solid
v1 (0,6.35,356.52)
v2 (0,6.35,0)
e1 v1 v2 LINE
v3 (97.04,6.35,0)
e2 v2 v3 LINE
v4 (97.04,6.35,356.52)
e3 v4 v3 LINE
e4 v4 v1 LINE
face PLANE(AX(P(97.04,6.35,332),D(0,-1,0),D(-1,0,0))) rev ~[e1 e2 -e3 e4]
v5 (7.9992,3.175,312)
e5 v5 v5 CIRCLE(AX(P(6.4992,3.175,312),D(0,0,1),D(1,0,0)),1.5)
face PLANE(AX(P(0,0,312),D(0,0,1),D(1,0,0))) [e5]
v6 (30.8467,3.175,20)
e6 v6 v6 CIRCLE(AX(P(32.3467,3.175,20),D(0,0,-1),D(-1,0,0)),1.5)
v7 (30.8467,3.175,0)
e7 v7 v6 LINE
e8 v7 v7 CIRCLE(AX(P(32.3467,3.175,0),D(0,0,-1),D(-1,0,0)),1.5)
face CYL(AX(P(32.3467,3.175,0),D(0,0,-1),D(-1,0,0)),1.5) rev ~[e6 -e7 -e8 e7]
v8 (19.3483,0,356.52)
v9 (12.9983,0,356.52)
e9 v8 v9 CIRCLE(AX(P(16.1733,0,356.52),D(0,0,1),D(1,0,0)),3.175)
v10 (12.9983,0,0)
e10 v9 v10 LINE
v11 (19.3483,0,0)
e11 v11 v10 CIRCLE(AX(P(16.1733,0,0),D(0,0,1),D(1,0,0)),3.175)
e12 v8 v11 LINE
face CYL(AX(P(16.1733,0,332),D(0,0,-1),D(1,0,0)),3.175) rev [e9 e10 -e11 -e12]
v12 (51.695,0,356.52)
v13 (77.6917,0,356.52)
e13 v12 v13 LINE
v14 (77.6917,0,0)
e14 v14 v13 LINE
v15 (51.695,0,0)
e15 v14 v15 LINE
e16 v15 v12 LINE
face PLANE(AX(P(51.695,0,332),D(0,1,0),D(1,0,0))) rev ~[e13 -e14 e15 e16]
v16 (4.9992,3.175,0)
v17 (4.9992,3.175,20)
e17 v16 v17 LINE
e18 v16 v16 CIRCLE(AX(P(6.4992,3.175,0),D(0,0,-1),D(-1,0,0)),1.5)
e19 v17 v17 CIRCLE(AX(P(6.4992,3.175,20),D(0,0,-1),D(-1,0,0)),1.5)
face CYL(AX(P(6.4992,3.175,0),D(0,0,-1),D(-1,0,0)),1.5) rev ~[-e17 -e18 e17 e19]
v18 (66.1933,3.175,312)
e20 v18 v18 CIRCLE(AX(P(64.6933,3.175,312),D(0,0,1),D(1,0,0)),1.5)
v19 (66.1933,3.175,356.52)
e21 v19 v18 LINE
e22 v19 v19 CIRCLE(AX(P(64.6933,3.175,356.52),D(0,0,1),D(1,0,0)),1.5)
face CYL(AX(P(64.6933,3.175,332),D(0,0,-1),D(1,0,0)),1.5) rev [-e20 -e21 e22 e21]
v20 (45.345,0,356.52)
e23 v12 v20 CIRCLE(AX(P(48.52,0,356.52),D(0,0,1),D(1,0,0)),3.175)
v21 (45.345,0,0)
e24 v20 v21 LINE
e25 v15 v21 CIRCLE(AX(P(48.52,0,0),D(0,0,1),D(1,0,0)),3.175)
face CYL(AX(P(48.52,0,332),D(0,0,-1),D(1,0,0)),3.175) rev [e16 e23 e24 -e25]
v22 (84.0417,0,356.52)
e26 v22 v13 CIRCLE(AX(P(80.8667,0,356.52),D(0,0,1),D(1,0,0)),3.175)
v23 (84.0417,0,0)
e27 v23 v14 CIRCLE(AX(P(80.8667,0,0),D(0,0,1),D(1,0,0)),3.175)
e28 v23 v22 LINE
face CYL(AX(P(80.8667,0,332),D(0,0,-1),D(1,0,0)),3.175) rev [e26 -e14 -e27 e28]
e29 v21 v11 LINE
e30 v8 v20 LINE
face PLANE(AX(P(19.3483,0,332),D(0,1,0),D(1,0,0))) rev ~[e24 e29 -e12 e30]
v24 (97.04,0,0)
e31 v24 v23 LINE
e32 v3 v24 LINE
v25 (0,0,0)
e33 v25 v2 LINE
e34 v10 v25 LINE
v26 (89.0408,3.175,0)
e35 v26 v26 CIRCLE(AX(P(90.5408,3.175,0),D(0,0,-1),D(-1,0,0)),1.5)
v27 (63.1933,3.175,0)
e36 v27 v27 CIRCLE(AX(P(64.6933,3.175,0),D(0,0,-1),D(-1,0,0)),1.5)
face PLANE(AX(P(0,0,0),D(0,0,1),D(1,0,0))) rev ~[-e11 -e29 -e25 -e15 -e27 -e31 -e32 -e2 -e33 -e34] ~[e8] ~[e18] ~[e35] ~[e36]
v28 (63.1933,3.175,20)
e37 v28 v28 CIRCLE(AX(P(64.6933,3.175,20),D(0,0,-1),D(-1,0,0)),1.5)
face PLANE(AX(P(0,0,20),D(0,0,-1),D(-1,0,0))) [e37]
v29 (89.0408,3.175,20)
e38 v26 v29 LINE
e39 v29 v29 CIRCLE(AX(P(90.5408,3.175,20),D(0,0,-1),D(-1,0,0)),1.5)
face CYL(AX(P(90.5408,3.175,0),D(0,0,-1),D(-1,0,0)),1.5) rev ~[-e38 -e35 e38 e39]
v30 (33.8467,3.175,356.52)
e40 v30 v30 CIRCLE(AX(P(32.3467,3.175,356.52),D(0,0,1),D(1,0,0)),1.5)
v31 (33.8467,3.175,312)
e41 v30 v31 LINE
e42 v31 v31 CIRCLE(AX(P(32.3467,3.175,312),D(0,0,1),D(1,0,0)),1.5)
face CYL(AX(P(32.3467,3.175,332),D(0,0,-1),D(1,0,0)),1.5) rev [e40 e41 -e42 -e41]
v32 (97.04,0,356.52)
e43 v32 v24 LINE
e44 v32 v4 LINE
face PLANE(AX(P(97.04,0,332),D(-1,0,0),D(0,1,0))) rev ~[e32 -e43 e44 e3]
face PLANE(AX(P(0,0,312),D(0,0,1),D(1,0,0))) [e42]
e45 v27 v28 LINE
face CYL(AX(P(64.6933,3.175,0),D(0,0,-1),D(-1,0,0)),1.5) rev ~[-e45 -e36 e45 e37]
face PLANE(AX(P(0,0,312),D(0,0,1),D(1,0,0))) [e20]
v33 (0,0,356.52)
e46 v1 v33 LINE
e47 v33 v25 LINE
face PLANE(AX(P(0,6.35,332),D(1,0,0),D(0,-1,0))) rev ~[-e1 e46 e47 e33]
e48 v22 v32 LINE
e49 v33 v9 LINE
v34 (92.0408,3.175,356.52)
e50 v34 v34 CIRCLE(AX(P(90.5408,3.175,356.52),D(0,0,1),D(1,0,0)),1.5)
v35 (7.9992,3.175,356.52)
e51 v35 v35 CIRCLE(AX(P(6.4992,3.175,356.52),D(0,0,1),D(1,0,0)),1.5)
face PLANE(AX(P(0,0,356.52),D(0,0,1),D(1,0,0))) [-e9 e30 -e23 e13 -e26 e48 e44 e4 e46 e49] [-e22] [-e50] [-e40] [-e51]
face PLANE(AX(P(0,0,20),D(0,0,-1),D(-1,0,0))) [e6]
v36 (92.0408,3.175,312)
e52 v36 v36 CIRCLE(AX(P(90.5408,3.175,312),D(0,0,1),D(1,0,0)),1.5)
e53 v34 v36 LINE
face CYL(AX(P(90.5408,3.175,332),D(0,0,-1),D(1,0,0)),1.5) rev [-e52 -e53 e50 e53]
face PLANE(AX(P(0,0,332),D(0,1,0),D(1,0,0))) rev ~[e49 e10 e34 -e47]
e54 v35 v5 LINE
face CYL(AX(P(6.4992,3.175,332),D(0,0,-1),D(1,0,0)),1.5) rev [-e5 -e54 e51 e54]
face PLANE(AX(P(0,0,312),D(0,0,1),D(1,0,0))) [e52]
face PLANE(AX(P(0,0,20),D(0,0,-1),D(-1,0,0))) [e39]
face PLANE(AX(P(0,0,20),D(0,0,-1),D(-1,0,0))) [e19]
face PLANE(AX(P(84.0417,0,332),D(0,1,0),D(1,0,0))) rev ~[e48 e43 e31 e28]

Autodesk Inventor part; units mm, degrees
ref_plane "YZ Plane" through (0, 0, 0) normal (1, 0, 0) x (0, 1, 0)
ref_plane "XZ Plane" through (0, 0, 0) normal (0, 1, 0) x (-1, 0, 0)
ref_plane "XY Plane" through (0, 0, 0) normal (0, 0, 1) x (1, 0, 0)
sketch "Sketch1" plane through (0, 0, 0) normal (0, 0, 1) x (1, 0, 0)
  line L0 (0, 0) -> (0, 6.35)
  line L1 (0, 6.35) -> (97.04, 6.35)
  line L2 (97.04, 6.35) -> (97.04, 0)
  line L3 (97.04, 0) -> (0, 0)
  dimension "d0" = 6.35
  dimension "d1" = 97.04
extrude "Extrusion1" add sketch "Sketch1" along normal blind 332
sketch "Sketch2" plane through (0, 0, 332) normal (0, 0, 1) x (1, 0, 0)
  line L0 (0, 0) -> (16.1733, 0) construction
  line L1 (16.1733, 0) -> (48.52, 0) construction
  line L2 (48.52, 0) -> (80.8667, 0) construction
  line L3 (0, 0) -> (97.04, 0) projected
  arc A0 (19.3483, 0) -> (12.9983, 0) centre (16.1733, 0) ccw
  arc A1 (51.695, 0) -> (45.345, 0) centre (48.52, 0) ccw
  arc A2 (84.0417, 0) -> (77.6917, 0) centre (80.8667, 0) ccw
  line L4 (12.9983, 0) -> (19.3483, 0)
  line L5 (45.345, 0) -> (51.695, 0)
  line L6 (77.6917, 0) -> (84.0417, 0)
  dimension "d4" = 16.1733
  dimension "d5" = 32.3467
  dimension "d6" = 32.3467
  dimension "d12" = 3.175
  dimension "d13" = 3.175
  dimension "d14" = 3.175
extrude "Extrusion3" cut sketch "Sketch2" against normal through all
sketch "Sketch3" plane through (0, 0, 332) normal (0, 0, 1) x (1, 0, 0)
  arc A0 (19.3483, 0) -> (12.9983, 0) centre (16.1733, 0) ccw projected
  line L0 (0, 0) -> (0, 6.35) construction
  line L1 (0, 0) -> (0, 3.175) construction
  arc A1 (19.3483, 0) -> (12.9983, 0) centre (16.1733, 0) ccw construction
  line L2 (16.1733, 3.175) -> (12.9983, 3.175)
  line L3 (0, 3.175) -> (6.4992, 3.175) construction
  line L4 (45.345, 0) -> (19.3483, 0) construction
  line L5 (19.3483, 0) -> (32.3467, 0) construction
  circle A2 centre (32.3467, 3.175) radius 1.5
  circle A3 centre (6.4992, 3.175) radius 1.5
  line L6 (51.695, 0) -> (64.6933, 0) construction
  line L7 (77.6917, 0) -> (51.695, 0) construction
  circle A4 centre (64.6933, 3.175) radius 1.5
  line L8 (84.0417, 0) -> (90.5408, 0) construction
  line L9 (97.04, 0) -> (84.0417, 0) construction
  circle A5 centre (90.5408, 3.175) radius 1.5
  dimension "d17" = 3
  dimension "d18" = 3
  dimension "d19" = 3
  dimension "d20" = 3
extrude "Extrusion4" cut sketch "Sketch3" against normal blind 20
sketch "Sketch4" plane through (0, 0, 0) normal (0, 0, -1) x (-1, 0, 0)
  circle A0 centre (-6.4992, 3.175) radius 1.5
  circle A1 centre (-32.3467, 3.175) radius 1.5
  circle A2 centre (-64.6933, 3.175) radius 1.5
  circle A3 centre (-90.5408, 3.175) radius 1.5
  dimension "d23" = 3
  dimension "d24" = 3
  dimension "d25" = 3
  dimension "d26" = 3
extrude "Extrusion5" cut sketch "Sketch4" against normal blind 20
sketch "Sketch5" plane through (0, 0, 332) normal (0, 0, 1) x (1, 0, 0)
  circle A0 centre (64.6933, 3.175) radius 1.5 projected
  circle A1 centre (32.3467, 3.175) radius 1.5 projected
  circle A2 centre (6.4992, 3.175) radius 1.5 projected
  circle A3 centre (90.5408, 3.175) radius 1.5 projected
  arc A4 (51.695, 0) -> (45.345, 0) centre (48.52, 0) ccw projected
  line L0 (51.695, 0) -> (77.6917, 0) projected
  arc A5 (84.0417, 0) -> (77.6917, 0) centre (80.8667, 0) ccw projected
  line L1 (84.0417, 0) -> (97.04, 0) projected
  line L2 (97.04, 0) -> (97.04, 6.35) projected
  line L3 (97.04, 6.35) -> (0, 6.35) projected
  line L4 (0, 6.35) -> (0, 0) projected
  line L5 (0, 0) -> (12.9983, 0) projected
  arc A6 (19.3483, 0) -> (12.9983, 0) centre (16.1733, 0) ccw projected
  line L6 (19.3483, 0) -> (45.345, 0) projected
extrude "Extrusion6" add sketch "Sketch5" along normal blind 30.87
sketch "Sketch6" plane through (0, 0, 362.87) normal (0, 0, 1) x (1, 0, 0)
  circle A0 centre (90.5408, 3.175) radius 1.5 projected
  circle A1 centre (6.4992, 3.175) radius 1.5 projected
  circle A2 centre (32.3467, 3.175) radius 1.5 projected
  circle A3 centre (64.6933, 3.175) radius 1.5 projected
  arc A4 (51.695, 0) -> (45.345, 0) centre (48.52, 0) ccw projected
  line L0 (51.695, 0) -> (77.6917, 0) projected
  arc A5 (84.0417, 0) -> (77.6917, 0) centre (80.8667, 0) ccw projected
  line L1 (84.0417, 0) -> (97.04, 0) projected
  line L2 (97.04, 0) -> (97.04, 6.35) projected
  line L3 (97.04, 6.35) -> (0, 6.35) projected
  line L4 (0, 6.35) -> (0, 0) projected
  line L5 (0, 0) -> (12.9983, 0) projected
  arc A6 (19.3483, 0) -> (12.9983, 0) centre (16.1733, 0) ccw projected
  line L6 (19.3483, 0) -> (45.345, 0) projected
extrude "Extrusion7" cut sketch "Sketch6" against normal blind 6.35
properties part number "coverplate"
